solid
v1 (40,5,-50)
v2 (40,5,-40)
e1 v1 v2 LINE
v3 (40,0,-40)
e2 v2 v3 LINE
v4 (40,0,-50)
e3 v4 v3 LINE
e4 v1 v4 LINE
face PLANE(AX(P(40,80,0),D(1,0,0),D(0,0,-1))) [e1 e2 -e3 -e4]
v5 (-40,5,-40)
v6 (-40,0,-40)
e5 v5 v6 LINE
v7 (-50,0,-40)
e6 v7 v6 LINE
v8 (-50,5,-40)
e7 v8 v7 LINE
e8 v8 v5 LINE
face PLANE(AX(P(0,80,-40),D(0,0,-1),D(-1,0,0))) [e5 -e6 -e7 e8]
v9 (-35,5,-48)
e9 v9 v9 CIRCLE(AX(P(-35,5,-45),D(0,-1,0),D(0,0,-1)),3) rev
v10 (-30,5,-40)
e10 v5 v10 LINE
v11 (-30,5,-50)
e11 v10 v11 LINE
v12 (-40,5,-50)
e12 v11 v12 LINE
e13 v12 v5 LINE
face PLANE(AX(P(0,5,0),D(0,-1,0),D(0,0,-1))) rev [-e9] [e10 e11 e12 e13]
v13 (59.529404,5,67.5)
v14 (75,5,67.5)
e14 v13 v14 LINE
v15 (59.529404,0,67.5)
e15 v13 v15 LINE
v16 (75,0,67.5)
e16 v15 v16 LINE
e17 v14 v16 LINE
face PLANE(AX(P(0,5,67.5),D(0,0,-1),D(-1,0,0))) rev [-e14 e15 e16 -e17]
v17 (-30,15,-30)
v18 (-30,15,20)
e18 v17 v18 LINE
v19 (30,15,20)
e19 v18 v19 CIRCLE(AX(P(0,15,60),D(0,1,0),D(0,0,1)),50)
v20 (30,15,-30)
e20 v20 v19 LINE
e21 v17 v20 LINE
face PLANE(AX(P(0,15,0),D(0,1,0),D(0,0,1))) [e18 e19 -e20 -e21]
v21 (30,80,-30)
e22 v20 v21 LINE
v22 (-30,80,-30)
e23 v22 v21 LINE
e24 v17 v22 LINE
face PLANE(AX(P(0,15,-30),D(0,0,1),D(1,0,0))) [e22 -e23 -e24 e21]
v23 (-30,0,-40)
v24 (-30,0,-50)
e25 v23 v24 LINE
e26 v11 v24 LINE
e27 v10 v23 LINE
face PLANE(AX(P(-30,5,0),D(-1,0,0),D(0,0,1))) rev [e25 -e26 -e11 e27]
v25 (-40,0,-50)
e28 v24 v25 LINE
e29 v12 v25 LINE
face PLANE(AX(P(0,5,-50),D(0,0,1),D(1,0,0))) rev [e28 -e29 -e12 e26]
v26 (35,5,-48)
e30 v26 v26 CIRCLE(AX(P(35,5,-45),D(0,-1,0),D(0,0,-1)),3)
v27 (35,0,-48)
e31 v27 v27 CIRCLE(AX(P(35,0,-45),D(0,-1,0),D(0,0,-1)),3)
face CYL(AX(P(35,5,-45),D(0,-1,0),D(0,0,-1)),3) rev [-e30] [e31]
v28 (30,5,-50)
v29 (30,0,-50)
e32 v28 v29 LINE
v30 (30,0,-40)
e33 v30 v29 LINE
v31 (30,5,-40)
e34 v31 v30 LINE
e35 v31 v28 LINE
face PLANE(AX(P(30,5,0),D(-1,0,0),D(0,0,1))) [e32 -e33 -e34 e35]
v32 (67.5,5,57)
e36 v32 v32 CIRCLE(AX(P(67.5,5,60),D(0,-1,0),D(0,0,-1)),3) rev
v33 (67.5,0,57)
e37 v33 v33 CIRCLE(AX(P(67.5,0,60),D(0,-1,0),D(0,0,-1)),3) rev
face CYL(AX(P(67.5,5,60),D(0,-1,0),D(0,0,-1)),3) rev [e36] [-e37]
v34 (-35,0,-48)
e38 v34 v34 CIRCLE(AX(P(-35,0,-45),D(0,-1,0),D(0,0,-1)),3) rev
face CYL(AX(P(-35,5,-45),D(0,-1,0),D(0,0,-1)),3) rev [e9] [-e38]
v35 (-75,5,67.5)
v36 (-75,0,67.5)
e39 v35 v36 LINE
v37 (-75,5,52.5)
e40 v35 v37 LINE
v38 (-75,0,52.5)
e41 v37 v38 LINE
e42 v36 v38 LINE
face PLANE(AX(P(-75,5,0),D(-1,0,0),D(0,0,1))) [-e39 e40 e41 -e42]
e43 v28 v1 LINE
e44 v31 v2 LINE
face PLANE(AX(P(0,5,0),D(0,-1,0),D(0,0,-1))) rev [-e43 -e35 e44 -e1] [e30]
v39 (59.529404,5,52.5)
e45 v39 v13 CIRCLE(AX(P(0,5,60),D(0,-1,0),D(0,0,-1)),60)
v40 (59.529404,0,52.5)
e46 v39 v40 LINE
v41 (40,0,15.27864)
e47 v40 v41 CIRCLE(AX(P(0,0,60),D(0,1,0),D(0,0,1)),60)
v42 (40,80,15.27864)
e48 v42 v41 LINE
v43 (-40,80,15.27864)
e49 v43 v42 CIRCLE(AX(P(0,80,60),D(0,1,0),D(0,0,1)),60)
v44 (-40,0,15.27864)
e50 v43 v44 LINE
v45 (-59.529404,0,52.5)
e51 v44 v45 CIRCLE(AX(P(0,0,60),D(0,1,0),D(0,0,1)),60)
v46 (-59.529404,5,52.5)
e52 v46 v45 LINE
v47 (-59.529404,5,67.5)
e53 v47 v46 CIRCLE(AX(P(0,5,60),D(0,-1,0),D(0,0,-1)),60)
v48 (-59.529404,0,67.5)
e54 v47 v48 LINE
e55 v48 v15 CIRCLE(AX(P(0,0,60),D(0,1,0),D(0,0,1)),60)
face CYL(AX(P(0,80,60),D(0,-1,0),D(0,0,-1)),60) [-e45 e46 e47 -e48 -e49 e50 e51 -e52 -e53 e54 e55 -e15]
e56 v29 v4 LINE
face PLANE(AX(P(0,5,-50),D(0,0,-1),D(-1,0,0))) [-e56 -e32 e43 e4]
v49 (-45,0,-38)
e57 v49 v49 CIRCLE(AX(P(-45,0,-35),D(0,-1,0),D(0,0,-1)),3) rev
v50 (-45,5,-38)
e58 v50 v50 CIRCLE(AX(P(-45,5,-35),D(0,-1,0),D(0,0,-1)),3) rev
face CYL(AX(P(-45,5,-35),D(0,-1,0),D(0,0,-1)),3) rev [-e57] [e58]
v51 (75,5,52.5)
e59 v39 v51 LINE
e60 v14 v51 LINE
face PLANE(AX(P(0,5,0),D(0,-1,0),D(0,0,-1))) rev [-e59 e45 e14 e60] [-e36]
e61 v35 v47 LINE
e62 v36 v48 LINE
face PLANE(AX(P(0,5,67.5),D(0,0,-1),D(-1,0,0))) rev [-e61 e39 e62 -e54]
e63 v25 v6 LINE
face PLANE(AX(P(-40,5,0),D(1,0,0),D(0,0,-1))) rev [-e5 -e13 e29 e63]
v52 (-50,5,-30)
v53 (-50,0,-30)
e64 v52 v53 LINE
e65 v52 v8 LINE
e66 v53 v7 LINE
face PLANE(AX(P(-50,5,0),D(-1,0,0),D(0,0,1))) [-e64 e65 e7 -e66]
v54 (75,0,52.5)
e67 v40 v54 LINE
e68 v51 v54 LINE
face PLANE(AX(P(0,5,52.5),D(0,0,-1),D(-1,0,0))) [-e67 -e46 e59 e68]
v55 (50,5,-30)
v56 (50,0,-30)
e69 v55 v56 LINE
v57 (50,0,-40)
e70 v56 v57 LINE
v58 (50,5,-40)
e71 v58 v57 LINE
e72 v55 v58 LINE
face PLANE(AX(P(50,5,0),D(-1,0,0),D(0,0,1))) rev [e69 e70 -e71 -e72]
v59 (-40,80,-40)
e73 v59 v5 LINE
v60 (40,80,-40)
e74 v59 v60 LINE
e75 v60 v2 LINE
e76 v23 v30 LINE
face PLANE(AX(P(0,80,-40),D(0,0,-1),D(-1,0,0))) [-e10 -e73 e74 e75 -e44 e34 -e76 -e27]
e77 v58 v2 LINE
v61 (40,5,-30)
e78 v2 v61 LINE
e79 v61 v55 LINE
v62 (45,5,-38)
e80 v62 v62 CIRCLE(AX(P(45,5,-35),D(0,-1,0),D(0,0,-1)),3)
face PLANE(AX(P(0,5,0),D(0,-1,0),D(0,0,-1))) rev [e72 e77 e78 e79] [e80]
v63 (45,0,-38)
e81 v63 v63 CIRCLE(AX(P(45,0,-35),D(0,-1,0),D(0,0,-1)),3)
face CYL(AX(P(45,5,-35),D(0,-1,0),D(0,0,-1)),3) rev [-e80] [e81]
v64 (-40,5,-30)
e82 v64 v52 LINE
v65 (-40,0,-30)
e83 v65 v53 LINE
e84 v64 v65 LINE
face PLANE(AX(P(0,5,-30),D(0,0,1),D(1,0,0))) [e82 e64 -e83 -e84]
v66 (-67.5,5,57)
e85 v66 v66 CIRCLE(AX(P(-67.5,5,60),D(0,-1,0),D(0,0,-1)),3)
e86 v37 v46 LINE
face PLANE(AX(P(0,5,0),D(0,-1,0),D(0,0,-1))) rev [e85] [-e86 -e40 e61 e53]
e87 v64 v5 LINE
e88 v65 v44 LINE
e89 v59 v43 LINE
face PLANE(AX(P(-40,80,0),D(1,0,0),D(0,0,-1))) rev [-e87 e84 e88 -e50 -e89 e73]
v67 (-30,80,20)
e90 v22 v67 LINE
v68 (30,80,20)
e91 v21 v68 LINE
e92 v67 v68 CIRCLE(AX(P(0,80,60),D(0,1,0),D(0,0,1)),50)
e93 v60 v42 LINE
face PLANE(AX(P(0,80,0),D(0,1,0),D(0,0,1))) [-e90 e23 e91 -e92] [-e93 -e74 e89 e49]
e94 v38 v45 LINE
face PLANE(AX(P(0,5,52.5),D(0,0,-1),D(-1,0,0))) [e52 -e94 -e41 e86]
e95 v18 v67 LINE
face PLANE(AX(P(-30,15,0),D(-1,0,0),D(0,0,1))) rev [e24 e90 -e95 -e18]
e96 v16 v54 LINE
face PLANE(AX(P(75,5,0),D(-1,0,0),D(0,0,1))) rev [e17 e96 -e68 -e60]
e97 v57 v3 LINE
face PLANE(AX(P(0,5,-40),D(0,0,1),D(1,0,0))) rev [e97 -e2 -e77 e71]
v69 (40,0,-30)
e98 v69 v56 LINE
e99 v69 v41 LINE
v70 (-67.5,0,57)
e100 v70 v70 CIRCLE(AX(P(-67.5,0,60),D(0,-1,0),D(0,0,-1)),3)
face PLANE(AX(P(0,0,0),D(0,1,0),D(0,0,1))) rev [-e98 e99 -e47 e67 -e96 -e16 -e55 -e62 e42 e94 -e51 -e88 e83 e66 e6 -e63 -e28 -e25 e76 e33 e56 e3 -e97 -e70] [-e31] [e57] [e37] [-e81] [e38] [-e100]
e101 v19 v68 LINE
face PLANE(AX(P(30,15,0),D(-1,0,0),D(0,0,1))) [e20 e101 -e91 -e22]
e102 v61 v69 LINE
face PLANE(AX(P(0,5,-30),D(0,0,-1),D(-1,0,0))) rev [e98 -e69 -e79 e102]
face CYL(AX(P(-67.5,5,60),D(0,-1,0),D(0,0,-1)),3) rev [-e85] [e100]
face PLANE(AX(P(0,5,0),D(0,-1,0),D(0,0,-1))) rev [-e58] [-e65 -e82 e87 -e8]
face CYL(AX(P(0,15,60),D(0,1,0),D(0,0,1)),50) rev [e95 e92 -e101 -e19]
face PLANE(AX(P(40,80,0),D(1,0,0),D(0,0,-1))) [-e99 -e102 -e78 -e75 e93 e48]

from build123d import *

# Parameters (mm, degrees)
BOSS_EXTRUDE1_DEPTH = 80
CUT_EXTRUDE1_DEPTH  = 65
SKETCH3_R           = 3
SKETCH3_W           = 10
SKETCH3_H           = 10
BOSS_EXTRUDE2_DEPTH = 5


with BuildPart() as part:
    # Sketch1 → Boss-Extrude1 (new body)
    with BuildSketch(Plane(origin=(0, 0, 0), x_dir=(1, 0, 0), z_dir=(0, 1, 0))):
        with BuildLine():
            Line((-40, -40), (-40, -15.27864045))
            ThreePointArc((-40, -15.27864045), (-24.494897428, -114.772255751), (60, -60))
            ThreePointArc((60, -60), (54.772255751, -35.505102572), (40, -15.27864045))
            Line((40, -15.27864045), (40, -40))
            Line((40, -40), (-40, -40))
        make_face()
        with BuildLine():
            ThreePointArc((40, -15.27864045), (0, 0), (-40, -15.27864045))
            Line((-40, -15.27864045), (-40, -40))
            Line((-40, -40), (40, -40))
            Line((40, -40), (40, -15.27864045))
        make_face()
        with BuildLine():
            Line((40, 40), (-40, 40))
            Line((-40, 40), (-40, -15.27864045))
            ThreePointArc((-40, -15.27864045), (0, 0), (40, -15.27864045))
            Line((40, -15.27864045), (40, 40))
        make_face()
    extrude(amount=BOSS_EXTRUDE1_DEPTH)

    # Sketch2 → Cut-Extrude1 (cut)
    with BuildSketch(Plane(origin=(0, 80, 0), x_dir=(1, 0, 0), z_dir=(0, 1, 0))):
        with BuildLine():
            Line((30, 30), (-30, 30))
            Line((-30, 30), (-30, -20))
            ThreePointArc((-30, -20), (0, -10), (30, -20))
            Line((30, -20), (30, 30))
        make_face()
        with BuildLine():
            ThreePointArc((30, -20), (0, -10), (-30, -20))
            Line((-30, -20), (-30, -30))
            Line((-30, -30), (30, -30))
            Line((30, -30), (30, -20))
        make_face()
        with BuildLine():
            Line((-30, -30), (-30, -20))
            ThreePointArc((-30, -20), (-22.360679775, -104.72135955), (50, -60))
            ThreePointArc((50, -60), (44.72135955, -37.639320225), (30, -20))
            Line((30, -20), (30, -30))
            Line((30, -30), (-30, -30))
        make_face()
    extrude(amount=-CUT_EXTRUDE1_DEPTH, mode=Mode.SUBTRACT)

    # Sketch3 → Boss-Extrude2 (add)
    # profile 1 of 6: a face of its own
    with BuildSketch(Plane.XZ):
        with BuildLine():
            Line((-75, 52.5), (-59.529404499, 52.5))
            ThreePointArc((-59.529404499, 52.5), (-60, 60), (-59.529404499, 67.5))
            Line((-59.529404499, 67.5), (-75, 67.5))
            Line((-75, 67.5), (-75, 52.5))
        make_face()
        with Locations(Location((-67.5, 60, 0), (0, 0, 270))):
            Circle(SKETCH3_R, mode=Mode.SUBTRACT)
    # profile 2 of 6: a face of its own
    with BuildSketch(Plane.XZ):
        with BuildLine():
            ThreePointArc((59.529404499, 67.5), (60, 60), (59.529404499, 52.5))
            Line((59.529404499, 52.5), (75, 52.5))
            Line((75, 52.5), (75, 67.5))
            Line((75, 67.5), (59.529404499, 67.5))
        make_face()
        with Locations(Location((67.5, 60, 0), (0, 0, 270))):
            Circle(SKETCH3_R, mode=Mode.SUBTRACT)
    # profile 3 of 6: a face of its own
    with BuildSketch(Plane.XZ):
        with Locations((-45, -35)):
            Rectangle(SKETCH3_W, SKETCH3_H)
        with Locations(Location((-45, -35, 0), (0, 0, 270))):
            Circle(SKETCH3_R, mode=Mode.SUBTRACT)
    # profile 4 of 6: a face of its own
    with BuildSketch(Plane.XZ):
        with Locations((-35, -45)):
            Rectangle(SKETCH3_W, SKETCH3_H)
        with Locations(Location((-35, -45, 0), (0, 0, 270))):
            Circle(SKETCH3_R, mode=Mode.SUBTRACT)
    # profile 5 of 6: a face of its own
    with BuildSketch(Plane.XZ):
        with Locations((35, -45)):
            Rectangle(SKETCH3_W, SKETCH3_H)
        with Locations(Location((35, -45, 0), (0, 0, 270))):
            Circle(SKETCH3_R, mode=Mode.SUBTRACT)
    # profile 6 of 6: a face of its own
    with BuildSketch(Plane.XZ):
        with Locations((45, -35)):
            Rectangle(SKETCH3_W, SKETCH3_H)
        with Locations(Location((45, -35, 0), (0, 0, 270))):
            Circle(SKETCH3_R, mode=Mode.SUBTRACT)
    extrude(amount=-BOSS_EXTRUDE2_DEPTH)


solid = part.part
